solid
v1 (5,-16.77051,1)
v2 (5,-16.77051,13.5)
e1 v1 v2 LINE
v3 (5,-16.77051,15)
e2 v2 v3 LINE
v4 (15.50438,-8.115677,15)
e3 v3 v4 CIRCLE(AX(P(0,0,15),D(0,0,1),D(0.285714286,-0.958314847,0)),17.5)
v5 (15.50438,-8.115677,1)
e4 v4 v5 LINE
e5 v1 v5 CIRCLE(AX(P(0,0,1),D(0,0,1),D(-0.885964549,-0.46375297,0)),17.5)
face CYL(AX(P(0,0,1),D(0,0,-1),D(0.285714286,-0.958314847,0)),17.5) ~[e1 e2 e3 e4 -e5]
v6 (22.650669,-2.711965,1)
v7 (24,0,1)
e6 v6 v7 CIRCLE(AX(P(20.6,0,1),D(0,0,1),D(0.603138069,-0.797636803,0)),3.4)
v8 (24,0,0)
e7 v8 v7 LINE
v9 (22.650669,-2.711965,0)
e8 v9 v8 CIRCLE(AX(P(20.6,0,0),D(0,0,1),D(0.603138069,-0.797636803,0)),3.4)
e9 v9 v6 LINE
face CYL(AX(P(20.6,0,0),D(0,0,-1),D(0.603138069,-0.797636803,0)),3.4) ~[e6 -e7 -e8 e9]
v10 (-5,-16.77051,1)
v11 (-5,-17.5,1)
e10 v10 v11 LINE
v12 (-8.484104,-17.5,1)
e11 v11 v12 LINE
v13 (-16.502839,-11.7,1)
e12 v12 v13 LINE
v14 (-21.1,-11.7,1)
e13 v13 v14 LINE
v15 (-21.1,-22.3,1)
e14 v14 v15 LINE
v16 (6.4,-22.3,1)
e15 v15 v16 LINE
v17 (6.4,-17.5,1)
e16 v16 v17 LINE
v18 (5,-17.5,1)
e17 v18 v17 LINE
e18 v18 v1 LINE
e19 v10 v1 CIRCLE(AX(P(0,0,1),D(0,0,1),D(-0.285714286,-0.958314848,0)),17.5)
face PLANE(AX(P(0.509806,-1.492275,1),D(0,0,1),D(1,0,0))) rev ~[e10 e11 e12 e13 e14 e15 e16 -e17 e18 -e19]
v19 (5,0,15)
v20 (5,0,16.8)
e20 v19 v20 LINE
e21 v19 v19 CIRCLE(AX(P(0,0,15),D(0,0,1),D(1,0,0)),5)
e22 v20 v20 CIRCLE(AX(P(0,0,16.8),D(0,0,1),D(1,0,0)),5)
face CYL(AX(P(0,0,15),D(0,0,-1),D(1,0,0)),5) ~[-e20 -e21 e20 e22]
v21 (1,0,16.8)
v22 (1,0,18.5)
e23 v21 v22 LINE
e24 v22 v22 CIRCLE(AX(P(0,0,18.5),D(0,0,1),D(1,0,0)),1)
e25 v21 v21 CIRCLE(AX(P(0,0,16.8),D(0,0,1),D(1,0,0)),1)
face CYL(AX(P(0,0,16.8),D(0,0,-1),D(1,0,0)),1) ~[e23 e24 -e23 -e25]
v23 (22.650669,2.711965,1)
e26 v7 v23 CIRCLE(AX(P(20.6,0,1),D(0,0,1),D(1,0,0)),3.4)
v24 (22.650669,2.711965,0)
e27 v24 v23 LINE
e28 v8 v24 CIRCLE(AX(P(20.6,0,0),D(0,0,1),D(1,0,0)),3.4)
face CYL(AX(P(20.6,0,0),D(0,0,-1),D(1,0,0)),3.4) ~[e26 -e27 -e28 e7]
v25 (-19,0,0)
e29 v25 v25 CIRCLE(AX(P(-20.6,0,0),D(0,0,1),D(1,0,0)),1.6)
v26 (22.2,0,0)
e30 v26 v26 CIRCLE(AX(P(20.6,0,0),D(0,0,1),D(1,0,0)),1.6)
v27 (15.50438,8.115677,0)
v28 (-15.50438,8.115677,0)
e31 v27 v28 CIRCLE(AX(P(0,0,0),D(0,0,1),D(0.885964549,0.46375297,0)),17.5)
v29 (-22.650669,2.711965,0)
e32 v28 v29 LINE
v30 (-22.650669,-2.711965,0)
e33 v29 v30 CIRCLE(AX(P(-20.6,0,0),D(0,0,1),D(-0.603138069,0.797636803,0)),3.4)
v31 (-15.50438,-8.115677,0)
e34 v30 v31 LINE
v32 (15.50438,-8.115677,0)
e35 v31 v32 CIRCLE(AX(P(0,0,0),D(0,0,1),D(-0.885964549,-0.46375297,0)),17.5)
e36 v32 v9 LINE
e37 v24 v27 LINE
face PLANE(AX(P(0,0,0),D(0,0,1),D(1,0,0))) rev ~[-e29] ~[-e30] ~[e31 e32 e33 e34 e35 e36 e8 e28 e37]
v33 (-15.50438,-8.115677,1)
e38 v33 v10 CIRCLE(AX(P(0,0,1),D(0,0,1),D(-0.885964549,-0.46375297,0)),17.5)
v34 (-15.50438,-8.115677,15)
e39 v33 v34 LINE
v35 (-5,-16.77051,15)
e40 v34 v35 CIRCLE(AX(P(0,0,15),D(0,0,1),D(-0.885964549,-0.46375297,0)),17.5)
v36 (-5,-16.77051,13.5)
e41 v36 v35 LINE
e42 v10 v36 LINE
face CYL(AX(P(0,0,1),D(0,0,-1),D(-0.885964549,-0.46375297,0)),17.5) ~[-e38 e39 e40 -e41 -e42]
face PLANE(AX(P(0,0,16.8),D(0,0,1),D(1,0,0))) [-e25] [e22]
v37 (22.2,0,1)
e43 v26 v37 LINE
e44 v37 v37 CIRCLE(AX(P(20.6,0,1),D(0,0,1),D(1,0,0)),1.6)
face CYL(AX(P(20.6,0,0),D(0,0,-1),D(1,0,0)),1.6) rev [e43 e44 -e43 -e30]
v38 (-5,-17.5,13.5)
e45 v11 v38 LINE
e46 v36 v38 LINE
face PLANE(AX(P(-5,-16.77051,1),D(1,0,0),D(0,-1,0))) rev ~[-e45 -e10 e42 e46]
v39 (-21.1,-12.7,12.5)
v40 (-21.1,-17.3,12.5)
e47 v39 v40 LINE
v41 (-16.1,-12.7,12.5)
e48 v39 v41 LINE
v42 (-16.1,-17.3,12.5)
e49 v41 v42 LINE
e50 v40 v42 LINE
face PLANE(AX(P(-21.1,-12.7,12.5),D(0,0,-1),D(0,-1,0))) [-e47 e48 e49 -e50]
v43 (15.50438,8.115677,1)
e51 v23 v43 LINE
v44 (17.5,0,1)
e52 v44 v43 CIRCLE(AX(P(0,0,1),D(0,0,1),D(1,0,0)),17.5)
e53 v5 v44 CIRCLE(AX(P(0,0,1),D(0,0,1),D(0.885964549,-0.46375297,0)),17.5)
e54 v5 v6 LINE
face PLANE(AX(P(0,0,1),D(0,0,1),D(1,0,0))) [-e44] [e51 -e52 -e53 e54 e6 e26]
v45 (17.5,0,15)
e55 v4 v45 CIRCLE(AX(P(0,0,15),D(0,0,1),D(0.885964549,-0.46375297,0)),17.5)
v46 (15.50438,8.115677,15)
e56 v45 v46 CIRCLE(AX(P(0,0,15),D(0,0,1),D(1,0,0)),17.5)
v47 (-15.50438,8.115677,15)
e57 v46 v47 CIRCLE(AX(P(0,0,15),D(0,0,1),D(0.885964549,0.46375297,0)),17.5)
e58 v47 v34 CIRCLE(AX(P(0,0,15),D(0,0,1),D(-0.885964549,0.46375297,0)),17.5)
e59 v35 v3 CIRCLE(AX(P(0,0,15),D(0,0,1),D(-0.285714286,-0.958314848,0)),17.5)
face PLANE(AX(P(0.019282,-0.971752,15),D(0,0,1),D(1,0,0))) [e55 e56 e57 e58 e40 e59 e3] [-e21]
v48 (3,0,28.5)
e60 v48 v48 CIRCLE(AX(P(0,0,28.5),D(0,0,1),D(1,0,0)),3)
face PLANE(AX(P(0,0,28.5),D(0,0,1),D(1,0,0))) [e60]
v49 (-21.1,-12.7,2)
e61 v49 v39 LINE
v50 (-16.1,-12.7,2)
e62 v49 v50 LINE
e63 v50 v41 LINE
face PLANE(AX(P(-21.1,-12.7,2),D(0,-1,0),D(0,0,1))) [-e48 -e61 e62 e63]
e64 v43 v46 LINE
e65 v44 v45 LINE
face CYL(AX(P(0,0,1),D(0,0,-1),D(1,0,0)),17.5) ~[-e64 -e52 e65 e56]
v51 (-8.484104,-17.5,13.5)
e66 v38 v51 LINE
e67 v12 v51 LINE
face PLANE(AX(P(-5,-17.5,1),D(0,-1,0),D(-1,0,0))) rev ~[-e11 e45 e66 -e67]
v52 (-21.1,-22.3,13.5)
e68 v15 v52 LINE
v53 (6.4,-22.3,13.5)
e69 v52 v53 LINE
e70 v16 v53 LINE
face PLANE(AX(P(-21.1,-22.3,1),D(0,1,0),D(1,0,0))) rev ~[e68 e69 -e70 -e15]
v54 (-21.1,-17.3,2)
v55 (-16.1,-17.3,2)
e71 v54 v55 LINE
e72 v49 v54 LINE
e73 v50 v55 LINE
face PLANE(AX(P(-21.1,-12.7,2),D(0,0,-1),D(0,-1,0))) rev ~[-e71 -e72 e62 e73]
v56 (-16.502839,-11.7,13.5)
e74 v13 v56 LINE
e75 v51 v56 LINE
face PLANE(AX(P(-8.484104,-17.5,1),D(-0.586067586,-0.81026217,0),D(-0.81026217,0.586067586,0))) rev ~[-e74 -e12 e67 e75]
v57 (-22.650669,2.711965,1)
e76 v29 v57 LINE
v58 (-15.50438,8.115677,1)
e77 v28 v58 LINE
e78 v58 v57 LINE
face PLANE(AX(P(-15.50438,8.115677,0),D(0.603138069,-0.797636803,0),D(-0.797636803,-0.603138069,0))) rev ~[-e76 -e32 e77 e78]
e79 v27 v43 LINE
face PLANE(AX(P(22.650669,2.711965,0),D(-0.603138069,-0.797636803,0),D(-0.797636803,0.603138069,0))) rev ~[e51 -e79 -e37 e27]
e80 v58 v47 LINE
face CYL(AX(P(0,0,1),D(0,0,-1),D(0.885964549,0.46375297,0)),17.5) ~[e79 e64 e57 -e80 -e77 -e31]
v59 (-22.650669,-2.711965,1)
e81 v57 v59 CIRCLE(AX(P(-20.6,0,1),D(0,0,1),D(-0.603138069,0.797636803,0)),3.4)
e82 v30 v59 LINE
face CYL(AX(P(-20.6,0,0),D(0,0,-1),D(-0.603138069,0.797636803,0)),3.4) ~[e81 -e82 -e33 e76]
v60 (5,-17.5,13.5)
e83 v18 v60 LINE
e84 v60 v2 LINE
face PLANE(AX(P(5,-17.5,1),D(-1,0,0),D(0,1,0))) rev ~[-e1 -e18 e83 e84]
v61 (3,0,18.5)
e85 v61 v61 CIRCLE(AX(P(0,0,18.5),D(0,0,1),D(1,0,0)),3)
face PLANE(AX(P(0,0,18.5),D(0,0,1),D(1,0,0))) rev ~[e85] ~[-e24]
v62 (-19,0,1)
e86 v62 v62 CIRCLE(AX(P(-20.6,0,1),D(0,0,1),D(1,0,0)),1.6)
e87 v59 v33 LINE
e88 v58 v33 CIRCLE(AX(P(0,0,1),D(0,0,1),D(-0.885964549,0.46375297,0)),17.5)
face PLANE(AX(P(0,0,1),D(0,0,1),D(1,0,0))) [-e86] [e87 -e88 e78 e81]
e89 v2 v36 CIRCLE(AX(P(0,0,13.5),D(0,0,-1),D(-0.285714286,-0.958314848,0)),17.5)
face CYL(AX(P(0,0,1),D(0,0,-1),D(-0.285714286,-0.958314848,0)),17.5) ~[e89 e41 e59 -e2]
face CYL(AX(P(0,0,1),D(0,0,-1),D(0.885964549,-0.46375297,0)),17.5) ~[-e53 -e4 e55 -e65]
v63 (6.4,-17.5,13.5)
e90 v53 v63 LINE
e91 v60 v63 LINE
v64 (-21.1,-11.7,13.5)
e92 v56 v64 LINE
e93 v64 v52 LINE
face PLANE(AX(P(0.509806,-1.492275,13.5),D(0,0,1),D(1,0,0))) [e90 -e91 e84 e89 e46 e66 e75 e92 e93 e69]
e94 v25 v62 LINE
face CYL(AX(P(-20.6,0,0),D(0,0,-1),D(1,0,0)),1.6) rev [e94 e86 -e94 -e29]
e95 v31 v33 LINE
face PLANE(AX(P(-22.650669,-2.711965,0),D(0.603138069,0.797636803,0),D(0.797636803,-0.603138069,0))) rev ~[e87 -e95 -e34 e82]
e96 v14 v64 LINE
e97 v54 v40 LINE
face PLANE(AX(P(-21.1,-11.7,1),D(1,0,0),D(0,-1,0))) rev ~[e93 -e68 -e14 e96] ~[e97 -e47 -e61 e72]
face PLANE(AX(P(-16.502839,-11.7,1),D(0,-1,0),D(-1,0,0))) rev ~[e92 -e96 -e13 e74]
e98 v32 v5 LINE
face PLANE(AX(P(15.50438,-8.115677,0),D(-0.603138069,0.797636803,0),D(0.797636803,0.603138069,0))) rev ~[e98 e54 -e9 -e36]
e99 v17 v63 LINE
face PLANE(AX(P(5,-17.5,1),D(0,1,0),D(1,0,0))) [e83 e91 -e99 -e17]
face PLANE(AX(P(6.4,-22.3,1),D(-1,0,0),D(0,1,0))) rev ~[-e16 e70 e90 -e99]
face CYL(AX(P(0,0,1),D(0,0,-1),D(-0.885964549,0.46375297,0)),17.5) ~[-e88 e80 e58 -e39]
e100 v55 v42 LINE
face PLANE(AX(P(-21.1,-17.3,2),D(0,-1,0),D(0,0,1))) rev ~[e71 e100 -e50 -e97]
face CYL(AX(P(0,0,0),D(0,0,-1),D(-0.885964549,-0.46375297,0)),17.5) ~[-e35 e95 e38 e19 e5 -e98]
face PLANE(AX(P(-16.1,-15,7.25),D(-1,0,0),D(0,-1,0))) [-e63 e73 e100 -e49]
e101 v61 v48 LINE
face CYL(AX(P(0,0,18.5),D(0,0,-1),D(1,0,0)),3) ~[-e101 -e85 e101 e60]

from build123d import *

# Parameters (mm, degrees)
F0_R      = 1.6
F1_DEPTH  = 1
F3_DEPTH  = 14
F2_W      = 1.4
F2_H      = 4.8
F4_DEPTH  = 12.5
F5_R      = 5
F6_DEPTH  = 1.8
F7_R      = 1
F8_DEPTH  = 1.7
F9_R      = 3
F10_DEPTH = 10
F11_W     = 4.6
F11_H     = 10.5
F12_DEPTH = 5


with BuildPart() as f1:
    # F0 (on Top) → F1 (new body)
    with BuildSketch(Plane.XY):
        with BuildLine():
            Line((15.5043796111, -8.1156769819), (15.5043796111, 8.1156769819))
            ThreePointArc((15.5043796111, 8.1156769819), (0, 17.5), (-15.5043796111, 8.1156769819))
            Line((-15.5043796111, 8.1156769819), (-15.5043796111, -8.1156769819))
            ThreePointArc((-15.5043796111, -8.1156769819), (0, -17.5), (15.5043796111, -8.1156769819))
        make_face()
        with BuildLine():
            Line((22.650669435, 2.7119651303), (15.5043796111, 8.1156769819))
            ThreePointArc((15.5043796111, 8.1156769819), (16.8286129371, 4.8008110372), (17.4526699029, 1.2862010962))
            ThreePointArc((17.4526699029, 1.2862010962), (19.700629708, 3.2788920504), (22.650669435, 2.7119651303))
        make_face()
        with BuildLine():
            ThreePointArc((17.4526699029, 1.2862010962), (16.8286129371, 4.8008110372), (15.5043796111, 8.1156769819))
            Line((15.5043796111, 8.1156769819), (15.5043796111, -8.1156769819))
            ThreePointArc((15.5043796111, -8.1156769819), (16.8286129371, -4.8008110372), (17.4526699029, -1.2862010962))
            ThreePointArc((17.4526699029, -1.2862010962), (17.2, 0), (17.4526699029, 1.2862010962))
        make_face()
        with BuildLine():
            Line((-15.5043796111, -8.1156769819), (-15.5043796111, 8.1156769819))
            ThreePointArc((-15.5043796111, 8.1156769819), (-16.8286129371, 4.8008110372), (-17.4526699029, 1.2862010962))
            ThreePointArc((-17.4526699029, 1.2862010962), (-17.2637654212, 0.655392123), (-17.2, 0))
            ThreePointArc((-17.2, 0), (-17.2637654212, -0.655392123), (-17.4526699029, -1.2862010962))
            ThreePointArc((-17.4526699029, -1.2862010962), (-16.8286129371, -4.8008110372), (-15.5043796111, -8.1156769819))
        make_face()
        with BuildLine():
            ThreePointArc((-17.4526699029, 1.2862010962), (-16.8286129371, 4.8008110372), (-15.5043796111, 8.1156769819))
            Line((-15.5043796111, 8.1156769819), (-22.650669435, 2.7119651303))
            ThreePointArc((-22.650669435, 2.7119651303), (-19.700629708, 3.2788920504), (-17.4526699029, 1.2862010962))
        make_face()
        with BuildLine():
            ThreePointArc((22.650669435, 2.7119651303), (19.700629708, 3.2788920504), (17.4526699029, 1.2862010962))
            ThreePointArc((17.4526699029, 1.2862010962), (17.4881634728, 0.6435358184), (17.5, 0))
            ThreePointArc((17.5, 0), (17.4881634728, -0.6435358184), (17.4526699029, -1.2862010962))
            ThreePointArc((17.4526699029, -1.2862010962), (19.700629708, -3.2788920504), (22.650669435, -2.7119651303))
            Line((22.650669435, -2.7119651303), (22.650669435, 2.7119651303))
        make_face()
        with Locations((20.6, 0)):
            Circle(F0_R, mode=Mode.SUBTRACT)
        with BuildLine():
            ThreePointArc((17.4526699029, -1.2862010962), (16.8286129371, -4.8008110372), (15.5043796111, -8.1156769819))
            Line((15.5043796111, -8.1156769819), (22.650669435, -2.7119651303))
            ThreePointArc((22.650669435, -2.7119651303), (19.700629708, -3.2788920504), (17.4526699029, -1.2862010962))
        make_face()
        with BuildLine():
            ThreePointArc((24, 0), (23.6440331863, 1.5145500851), (22.650669435, 2.7119651303))
            Line((22.650669435, 2.7119651303), (22.650669435, -2.7119651303))
            ThreePointArc((22.650669435, -2.7119651303), (23.6440331863, -1.5145500851), (24, 0))
        make_face()
        with BuildLine():
            ThreePointArc((-17.4526699029, -1.2862010962), (-17.5, 0), (-17.4526699029, 1.2862010962))
            ThreePointArc((-17.4526699029, 1.2862010962), (-19.700629708, 3.2788920504), (-22.650669435, 2.7119651303))
            Line((-22.650669435, 2.7119651303), (-22.650669435, -2.7119651303))
            ThreePointArc((-22.650669435, -2.7119651303), (-19.700629708, -3.2788920504), (-17.4526699029, -1.2862010962))
        make_face()
        with Locations((-20.6, 0)):
            Circle(F0_R, mode=Mode.SUBTRACT)
        with BuildLine():
            Line((-22.650669435, -2.7119651303), (-22.650669435, 2.7119651303))
            ThreePointArc((-22.650669435, 2.7119651303), (-24, 0), (-22.650669435, -2.7119651303))
        make_face()
        with BuildLine():
            Line((-22.650669435, -2.7119651303), (-15.5043796111, -8.1156769819))
            ThreePointArc((-15.5043796111, -8.1156769819), (-16.8286129371, -4.8008110372), (-17.4526699029, -1.2862010962))
            ThreePointArc((-17.4526699029, -1.2862010962), (-19.700629708, -3.2788920504), (-22.650669435, -2.7119651303))
        make_face()
        with BuildLine():
            ThreePointArc((-17.2, 0), (-17.2637654212, 0.655392123), (-17.4526699029, 1.2862010962))
            ThreePointArc((-17.4526699029, 1.2862010962), (-17.5, 0), (-17.4526699029, -1.2862010962))
            ThreePointArc((-17.4526699029, -1.2862010962), (-17.2637654212, -0.655392123), (-17.2, 0))
        make_face()
        with BuildLine():
            ThreePointArc((17.5, 0), (17.4881634728, 0.6435358184), (17.4526699029, 1.2862010962))
            ThreePointArc((17.4526699029, 1.2862010962), (17.2, 0), (17.4526699029, -1.2862010962))
            ThreePointArc((17.4526699029, -1.2862010962), (17.4881634728, -0.6435358184), (17.5, 0))
        make_face()
    extrude(amount=F1_DEPTH)

    # F2 (on face) → F3 (join)
    with BuildSketch(Plane.XY.offset(1)):
        with BuildLine():
            ThreePointArc((15.5043796111, -8.1156769819), (16.9937730242, -4.1787173155), (17.5, 0))
            ThreePointArc((17.5, 0), (16.9937730242, 4.1787173155), (15.5043796111, 8.1156769819))
            ThreePointArc((15.5043796111, 8.1156769819), (0, 17.5), (-15.5043796111, 8.1156769819))
            ThreePointArc((-15.5043796111, 8.1156769819), (-17.5, 0), (-15.5043796111, -8.1156769819))
            ThreePointArc((-15.5043796111, -8.1156769819), (-11.1280694067, -13.5061493875), (-5, -16.7705098312))
            Line((-5, -16.7705098312), (-5, 0))
            Line((-5, 0), (5, 0))
            Line((5, 0), (5, -16.7705098312))
            ThreePointArc((5, -16.7705098312), (11.1280694067, -13.5061493875), (15.5043796111, -8.1156769819))
        make_face()
        with BuildLine():
            ThreePointArc((-5.71e-08, -17.5), (2.5264676594, -17.3166671495), (5, -16.7705098312))
            Line((5, -16.7705098312), (5, 0))
            Line((5, 0), (-5, 0))
            Line((-5, 0), (-5, -16.7705098312))
            ThreePointArc((-5, -16.7705098312), (-2.5264677159, -17.3166671412), (-5.71e-08, -17.5))
        make_face()
    extrude(amount=F3_DEPTH)

    # F2 (on face) → F4 (join)
    with BuildSketch(Plane.XY.offset(1)):
        with BuildLine():
            ThreePointArc((5, -16.7705098312), (14.0312152004, -10.4582503317), (17.5, 0))
            ThreePointArc((17.5, 0), (-10.4582503317, 14.0312152004), (-5, -16.7705098312))
            Line((-5, -16.7705098312), (-5, 0))
            Line((-5, 0), (5, 0))
            Line((5, 0), (5, -16.7705098312))
        make_face()
        with BuildLine():
            Line((-5, 0), (-5, -16.7705098312))
            ThreePointArc((-5, -16.7705098312), (-2.5264677035, -17.316667143), (-3.21e-08, -17.5))
            ThreePointArc((-3.21e-08, -17.5), (2.5264676717, -17.3166671477), (5, -16.7705098312))
            Line((5, -16.7705098312), (5, 0))
            Line((5, 0), (-5, 0))
        make_face()
        with BuildLine():
            ThreePointArc((-3.21e-08, -17.5), (-2.5264677035, -17.316667143), (-5, -16.7705098312))
            Line((-5, -16.7705098312), (-5, -17.5))
            Line((-5, -17.5), (-3.21e-08, -17.5))
        make_face()
        with BuildLine():
            Line((5, -17.5), (5, -16.7705098312))
            ThreePointArc((5, -16.7705098312), (2.5264676717, -17.3166671477), (-3.21e-08, -17.5))
            Line((-3.21e-08, -17.5), (5, -17.5))
        make_face()
        Polygon((5, -17.5), (-3.21e-08, -17.5), (-5, -17.5), (-5, -22.3), (5, -22.3), align=None)
        Polygon((-5, -22.3), (-5, -17.5), (-8.4841037169, -17.5), (-21.1, -17.5), (-21.1, -22.3), align=None)
        with Locations((5.7, -19.9)):
            Rectangle(F2_W, F2_H)
        Polygon((-21.1, -17.5), (-8.4841037169, -17.5), (-16.5028385818, -11.7), (-21.1, -11.7), align=None)
    extrude(amount=F4_DEPTH)

    # F5 (on face) → F6 (join)
    with BuildSketch(Plane.XY.offset(15)):
        Circle(F5_R)
    extrude(amount=F6_DEPTH)

    # F7 (on face) → F8 (join)
    with BuildSketch(Plane.XY.offset(16.8)):
        Circle(F7_R)
    extrude(amount=F8_DEPTH)

    # F9 (on face) → F10 (join)
    with BuildSketch(Plane.XY.offset(18.5)):
        Circle(F9_R)
    extrude(amount=F10_DEPTH)

    # F11 (on face) → F12 (cut)
    with BuildSketch(Plane(origin=(-21.1, 0, 0), x_dir=(0, -1, 0), z_dir=(-1, 0, 0))):
        with Locations((15, 7.25)):
            Rectangle(F11_W, F11_H)
    extrude(amount=-F12_DEPTH, mode=Mode.SUBTRACT)


solid = f1.part
